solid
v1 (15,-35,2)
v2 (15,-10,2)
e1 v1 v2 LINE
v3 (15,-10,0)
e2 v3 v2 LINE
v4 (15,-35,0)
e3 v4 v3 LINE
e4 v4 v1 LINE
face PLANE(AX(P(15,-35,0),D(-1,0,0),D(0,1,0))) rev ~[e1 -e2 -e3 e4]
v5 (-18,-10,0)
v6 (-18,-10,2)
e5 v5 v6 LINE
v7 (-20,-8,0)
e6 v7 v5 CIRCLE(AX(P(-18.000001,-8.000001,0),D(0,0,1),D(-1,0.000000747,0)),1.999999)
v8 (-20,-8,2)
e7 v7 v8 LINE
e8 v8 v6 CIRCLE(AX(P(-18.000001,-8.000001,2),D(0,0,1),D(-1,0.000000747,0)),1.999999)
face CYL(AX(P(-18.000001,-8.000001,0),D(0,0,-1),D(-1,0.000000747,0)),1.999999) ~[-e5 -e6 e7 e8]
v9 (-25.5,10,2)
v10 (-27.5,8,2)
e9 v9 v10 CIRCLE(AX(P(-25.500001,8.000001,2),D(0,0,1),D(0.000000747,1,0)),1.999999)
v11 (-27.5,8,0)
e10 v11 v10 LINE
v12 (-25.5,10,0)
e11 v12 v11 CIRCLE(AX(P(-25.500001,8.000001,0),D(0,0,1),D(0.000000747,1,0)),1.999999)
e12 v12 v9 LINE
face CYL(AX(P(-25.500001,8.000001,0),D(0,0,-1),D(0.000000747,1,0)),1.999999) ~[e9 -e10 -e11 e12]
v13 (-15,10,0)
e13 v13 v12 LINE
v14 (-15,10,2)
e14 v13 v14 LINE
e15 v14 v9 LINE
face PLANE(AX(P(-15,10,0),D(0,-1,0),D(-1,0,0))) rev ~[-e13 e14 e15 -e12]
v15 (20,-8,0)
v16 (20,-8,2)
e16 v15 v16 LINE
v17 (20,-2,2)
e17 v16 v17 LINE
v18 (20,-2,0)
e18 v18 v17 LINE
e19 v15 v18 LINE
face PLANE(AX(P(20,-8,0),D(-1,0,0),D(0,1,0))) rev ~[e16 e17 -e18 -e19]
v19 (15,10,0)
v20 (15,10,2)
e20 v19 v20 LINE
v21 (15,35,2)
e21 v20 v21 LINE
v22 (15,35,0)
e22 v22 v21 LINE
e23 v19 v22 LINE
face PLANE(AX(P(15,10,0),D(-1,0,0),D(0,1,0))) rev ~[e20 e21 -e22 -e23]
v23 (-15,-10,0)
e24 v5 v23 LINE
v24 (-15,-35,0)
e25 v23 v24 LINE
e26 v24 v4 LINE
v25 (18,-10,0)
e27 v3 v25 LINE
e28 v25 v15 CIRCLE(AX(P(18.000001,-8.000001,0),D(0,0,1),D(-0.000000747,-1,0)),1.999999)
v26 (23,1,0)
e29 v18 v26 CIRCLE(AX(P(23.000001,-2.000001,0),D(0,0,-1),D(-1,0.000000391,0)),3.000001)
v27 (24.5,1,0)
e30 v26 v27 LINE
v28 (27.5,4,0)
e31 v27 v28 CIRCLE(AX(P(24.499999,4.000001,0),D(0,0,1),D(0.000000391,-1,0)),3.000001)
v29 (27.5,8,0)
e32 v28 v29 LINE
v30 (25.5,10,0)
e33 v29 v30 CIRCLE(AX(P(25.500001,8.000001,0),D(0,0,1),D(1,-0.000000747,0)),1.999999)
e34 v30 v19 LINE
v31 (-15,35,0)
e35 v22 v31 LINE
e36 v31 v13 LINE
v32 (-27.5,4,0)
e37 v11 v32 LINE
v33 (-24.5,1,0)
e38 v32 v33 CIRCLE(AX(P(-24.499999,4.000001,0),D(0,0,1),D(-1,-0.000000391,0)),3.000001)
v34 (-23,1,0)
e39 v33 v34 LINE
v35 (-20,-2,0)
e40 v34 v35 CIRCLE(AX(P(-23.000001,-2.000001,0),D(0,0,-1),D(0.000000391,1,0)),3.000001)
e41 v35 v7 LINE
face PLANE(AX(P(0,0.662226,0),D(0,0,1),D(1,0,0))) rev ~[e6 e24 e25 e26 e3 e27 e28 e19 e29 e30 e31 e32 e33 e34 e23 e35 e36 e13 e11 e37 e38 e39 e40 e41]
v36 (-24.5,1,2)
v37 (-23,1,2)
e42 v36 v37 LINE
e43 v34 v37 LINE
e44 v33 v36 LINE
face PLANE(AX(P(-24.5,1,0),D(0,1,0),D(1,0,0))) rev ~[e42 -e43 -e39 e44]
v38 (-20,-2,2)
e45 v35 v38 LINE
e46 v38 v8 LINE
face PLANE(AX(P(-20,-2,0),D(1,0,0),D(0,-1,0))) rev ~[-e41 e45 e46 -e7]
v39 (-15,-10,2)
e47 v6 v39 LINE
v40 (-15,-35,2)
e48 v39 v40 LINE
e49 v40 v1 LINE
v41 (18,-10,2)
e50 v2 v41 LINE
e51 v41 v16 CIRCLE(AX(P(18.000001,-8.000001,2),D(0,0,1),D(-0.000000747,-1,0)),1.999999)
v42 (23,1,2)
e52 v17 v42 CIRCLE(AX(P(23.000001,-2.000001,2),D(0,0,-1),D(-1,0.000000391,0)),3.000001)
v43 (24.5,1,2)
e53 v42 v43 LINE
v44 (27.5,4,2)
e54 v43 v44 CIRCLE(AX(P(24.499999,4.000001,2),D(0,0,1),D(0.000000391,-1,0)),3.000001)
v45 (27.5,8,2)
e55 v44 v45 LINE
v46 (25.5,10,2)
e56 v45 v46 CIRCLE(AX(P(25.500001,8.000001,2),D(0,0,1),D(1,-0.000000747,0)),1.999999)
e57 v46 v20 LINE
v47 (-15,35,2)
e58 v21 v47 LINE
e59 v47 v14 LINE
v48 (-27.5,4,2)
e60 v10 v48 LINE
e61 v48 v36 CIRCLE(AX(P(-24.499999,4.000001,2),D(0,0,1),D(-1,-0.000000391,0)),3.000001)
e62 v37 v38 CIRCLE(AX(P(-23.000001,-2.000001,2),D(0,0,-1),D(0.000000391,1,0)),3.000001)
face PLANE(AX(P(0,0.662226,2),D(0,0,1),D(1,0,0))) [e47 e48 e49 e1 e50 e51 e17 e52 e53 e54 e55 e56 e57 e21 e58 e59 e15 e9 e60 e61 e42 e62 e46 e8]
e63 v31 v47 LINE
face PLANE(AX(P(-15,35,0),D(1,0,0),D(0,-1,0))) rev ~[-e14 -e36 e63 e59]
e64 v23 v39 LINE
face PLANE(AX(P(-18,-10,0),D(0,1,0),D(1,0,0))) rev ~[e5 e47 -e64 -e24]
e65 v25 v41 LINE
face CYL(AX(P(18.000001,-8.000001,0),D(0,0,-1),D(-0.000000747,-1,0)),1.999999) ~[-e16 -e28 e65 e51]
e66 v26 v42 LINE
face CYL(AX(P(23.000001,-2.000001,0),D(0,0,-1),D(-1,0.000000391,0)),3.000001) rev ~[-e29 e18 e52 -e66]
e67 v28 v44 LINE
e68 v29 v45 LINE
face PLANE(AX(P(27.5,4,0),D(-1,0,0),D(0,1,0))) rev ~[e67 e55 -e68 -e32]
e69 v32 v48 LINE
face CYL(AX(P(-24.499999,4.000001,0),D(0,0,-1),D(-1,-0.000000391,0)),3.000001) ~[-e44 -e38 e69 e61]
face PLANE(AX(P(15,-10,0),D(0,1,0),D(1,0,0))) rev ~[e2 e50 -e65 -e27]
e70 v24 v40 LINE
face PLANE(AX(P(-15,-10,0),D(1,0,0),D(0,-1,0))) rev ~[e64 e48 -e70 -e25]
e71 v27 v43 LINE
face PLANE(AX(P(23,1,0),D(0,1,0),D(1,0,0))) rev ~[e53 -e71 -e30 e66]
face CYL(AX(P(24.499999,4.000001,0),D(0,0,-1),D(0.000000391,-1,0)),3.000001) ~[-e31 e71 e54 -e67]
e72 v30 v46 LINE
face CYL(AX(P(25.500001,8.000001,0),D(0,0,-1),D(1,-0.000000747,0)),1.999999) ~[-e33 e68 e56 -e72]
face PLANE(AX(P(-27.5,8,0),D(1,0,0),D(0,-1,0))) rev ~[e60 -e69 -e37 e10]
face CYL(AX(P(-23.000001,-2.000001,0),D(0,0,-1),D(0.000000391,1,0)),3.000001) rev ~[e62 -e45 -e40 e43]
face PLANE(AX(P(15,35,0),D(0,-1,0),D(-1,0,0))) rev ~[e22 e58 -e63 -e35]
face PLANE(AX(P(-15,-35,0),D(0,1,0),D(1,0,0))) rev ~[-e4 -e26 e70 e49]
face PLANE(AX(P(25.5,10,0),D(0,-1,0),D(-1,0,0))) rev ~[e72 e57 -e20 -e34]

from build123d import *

# Parameters (mm, degrees)
F1_DEPTH = 2


with BuildPart() as f1:
    # F0 (on Top) → F1 (new body)
    with BuildSketch(Plane.XY):
        with BuildLine():
            Line((-15, -10), (-15, -35))
            Line((-15, -35), (15, -35))
            Line((15, -35), (15, -10))
            Line((15, -10), (18, -10))
            ThreePointArc((18, -10), (19.414214, -9.414214), (20, -8))
            Line((20, -8), (20, -2))
            ThreePointArc((20, -2), (20.87868, 0.12132), (23, 1))
            Line((23, 1), (24.5, 1))
            ThreePointArc((24.5, 1), (26.62132, 1.87868), (27.5, 4))
            Line((27.5, 4), (27.5, 8))
            ThreePointArc((27.5, 8), (26.914214, 9.414214), (25.5, 10))
            Line((25.5, 10), (15, 10))
            Line((15, 10), (15, 35))
            Line((15, 35), (-15, 35))
            Line((-15, 35), (-15, 10))
            Line((-15, 10), (-25.5, 10))
            ThreePointArc((-25.5, 10), (-26.914214, 9.414214), (-27.5, 8))
            Line((-27.5, 8), (-27.5, 4))
            ThreePointArc((-27.5, 4), (-26.62132, 1.87868), (-24.5, 1))
            Line((-24.5, 1), (-23, 1))
            ThreePointArc((-23, 1), (-20.87868, 0.12132), (-20, -2))
            Line((-20, -2), (-20, -8))
            ThreePointArc((-20, -8), (-19.414214, -9.414214), (-18, -10))
            Line((-18, -10), (-15, -10))
        make_face()
    extrude(amount=F1_DEPTH)


solid = f1.part
